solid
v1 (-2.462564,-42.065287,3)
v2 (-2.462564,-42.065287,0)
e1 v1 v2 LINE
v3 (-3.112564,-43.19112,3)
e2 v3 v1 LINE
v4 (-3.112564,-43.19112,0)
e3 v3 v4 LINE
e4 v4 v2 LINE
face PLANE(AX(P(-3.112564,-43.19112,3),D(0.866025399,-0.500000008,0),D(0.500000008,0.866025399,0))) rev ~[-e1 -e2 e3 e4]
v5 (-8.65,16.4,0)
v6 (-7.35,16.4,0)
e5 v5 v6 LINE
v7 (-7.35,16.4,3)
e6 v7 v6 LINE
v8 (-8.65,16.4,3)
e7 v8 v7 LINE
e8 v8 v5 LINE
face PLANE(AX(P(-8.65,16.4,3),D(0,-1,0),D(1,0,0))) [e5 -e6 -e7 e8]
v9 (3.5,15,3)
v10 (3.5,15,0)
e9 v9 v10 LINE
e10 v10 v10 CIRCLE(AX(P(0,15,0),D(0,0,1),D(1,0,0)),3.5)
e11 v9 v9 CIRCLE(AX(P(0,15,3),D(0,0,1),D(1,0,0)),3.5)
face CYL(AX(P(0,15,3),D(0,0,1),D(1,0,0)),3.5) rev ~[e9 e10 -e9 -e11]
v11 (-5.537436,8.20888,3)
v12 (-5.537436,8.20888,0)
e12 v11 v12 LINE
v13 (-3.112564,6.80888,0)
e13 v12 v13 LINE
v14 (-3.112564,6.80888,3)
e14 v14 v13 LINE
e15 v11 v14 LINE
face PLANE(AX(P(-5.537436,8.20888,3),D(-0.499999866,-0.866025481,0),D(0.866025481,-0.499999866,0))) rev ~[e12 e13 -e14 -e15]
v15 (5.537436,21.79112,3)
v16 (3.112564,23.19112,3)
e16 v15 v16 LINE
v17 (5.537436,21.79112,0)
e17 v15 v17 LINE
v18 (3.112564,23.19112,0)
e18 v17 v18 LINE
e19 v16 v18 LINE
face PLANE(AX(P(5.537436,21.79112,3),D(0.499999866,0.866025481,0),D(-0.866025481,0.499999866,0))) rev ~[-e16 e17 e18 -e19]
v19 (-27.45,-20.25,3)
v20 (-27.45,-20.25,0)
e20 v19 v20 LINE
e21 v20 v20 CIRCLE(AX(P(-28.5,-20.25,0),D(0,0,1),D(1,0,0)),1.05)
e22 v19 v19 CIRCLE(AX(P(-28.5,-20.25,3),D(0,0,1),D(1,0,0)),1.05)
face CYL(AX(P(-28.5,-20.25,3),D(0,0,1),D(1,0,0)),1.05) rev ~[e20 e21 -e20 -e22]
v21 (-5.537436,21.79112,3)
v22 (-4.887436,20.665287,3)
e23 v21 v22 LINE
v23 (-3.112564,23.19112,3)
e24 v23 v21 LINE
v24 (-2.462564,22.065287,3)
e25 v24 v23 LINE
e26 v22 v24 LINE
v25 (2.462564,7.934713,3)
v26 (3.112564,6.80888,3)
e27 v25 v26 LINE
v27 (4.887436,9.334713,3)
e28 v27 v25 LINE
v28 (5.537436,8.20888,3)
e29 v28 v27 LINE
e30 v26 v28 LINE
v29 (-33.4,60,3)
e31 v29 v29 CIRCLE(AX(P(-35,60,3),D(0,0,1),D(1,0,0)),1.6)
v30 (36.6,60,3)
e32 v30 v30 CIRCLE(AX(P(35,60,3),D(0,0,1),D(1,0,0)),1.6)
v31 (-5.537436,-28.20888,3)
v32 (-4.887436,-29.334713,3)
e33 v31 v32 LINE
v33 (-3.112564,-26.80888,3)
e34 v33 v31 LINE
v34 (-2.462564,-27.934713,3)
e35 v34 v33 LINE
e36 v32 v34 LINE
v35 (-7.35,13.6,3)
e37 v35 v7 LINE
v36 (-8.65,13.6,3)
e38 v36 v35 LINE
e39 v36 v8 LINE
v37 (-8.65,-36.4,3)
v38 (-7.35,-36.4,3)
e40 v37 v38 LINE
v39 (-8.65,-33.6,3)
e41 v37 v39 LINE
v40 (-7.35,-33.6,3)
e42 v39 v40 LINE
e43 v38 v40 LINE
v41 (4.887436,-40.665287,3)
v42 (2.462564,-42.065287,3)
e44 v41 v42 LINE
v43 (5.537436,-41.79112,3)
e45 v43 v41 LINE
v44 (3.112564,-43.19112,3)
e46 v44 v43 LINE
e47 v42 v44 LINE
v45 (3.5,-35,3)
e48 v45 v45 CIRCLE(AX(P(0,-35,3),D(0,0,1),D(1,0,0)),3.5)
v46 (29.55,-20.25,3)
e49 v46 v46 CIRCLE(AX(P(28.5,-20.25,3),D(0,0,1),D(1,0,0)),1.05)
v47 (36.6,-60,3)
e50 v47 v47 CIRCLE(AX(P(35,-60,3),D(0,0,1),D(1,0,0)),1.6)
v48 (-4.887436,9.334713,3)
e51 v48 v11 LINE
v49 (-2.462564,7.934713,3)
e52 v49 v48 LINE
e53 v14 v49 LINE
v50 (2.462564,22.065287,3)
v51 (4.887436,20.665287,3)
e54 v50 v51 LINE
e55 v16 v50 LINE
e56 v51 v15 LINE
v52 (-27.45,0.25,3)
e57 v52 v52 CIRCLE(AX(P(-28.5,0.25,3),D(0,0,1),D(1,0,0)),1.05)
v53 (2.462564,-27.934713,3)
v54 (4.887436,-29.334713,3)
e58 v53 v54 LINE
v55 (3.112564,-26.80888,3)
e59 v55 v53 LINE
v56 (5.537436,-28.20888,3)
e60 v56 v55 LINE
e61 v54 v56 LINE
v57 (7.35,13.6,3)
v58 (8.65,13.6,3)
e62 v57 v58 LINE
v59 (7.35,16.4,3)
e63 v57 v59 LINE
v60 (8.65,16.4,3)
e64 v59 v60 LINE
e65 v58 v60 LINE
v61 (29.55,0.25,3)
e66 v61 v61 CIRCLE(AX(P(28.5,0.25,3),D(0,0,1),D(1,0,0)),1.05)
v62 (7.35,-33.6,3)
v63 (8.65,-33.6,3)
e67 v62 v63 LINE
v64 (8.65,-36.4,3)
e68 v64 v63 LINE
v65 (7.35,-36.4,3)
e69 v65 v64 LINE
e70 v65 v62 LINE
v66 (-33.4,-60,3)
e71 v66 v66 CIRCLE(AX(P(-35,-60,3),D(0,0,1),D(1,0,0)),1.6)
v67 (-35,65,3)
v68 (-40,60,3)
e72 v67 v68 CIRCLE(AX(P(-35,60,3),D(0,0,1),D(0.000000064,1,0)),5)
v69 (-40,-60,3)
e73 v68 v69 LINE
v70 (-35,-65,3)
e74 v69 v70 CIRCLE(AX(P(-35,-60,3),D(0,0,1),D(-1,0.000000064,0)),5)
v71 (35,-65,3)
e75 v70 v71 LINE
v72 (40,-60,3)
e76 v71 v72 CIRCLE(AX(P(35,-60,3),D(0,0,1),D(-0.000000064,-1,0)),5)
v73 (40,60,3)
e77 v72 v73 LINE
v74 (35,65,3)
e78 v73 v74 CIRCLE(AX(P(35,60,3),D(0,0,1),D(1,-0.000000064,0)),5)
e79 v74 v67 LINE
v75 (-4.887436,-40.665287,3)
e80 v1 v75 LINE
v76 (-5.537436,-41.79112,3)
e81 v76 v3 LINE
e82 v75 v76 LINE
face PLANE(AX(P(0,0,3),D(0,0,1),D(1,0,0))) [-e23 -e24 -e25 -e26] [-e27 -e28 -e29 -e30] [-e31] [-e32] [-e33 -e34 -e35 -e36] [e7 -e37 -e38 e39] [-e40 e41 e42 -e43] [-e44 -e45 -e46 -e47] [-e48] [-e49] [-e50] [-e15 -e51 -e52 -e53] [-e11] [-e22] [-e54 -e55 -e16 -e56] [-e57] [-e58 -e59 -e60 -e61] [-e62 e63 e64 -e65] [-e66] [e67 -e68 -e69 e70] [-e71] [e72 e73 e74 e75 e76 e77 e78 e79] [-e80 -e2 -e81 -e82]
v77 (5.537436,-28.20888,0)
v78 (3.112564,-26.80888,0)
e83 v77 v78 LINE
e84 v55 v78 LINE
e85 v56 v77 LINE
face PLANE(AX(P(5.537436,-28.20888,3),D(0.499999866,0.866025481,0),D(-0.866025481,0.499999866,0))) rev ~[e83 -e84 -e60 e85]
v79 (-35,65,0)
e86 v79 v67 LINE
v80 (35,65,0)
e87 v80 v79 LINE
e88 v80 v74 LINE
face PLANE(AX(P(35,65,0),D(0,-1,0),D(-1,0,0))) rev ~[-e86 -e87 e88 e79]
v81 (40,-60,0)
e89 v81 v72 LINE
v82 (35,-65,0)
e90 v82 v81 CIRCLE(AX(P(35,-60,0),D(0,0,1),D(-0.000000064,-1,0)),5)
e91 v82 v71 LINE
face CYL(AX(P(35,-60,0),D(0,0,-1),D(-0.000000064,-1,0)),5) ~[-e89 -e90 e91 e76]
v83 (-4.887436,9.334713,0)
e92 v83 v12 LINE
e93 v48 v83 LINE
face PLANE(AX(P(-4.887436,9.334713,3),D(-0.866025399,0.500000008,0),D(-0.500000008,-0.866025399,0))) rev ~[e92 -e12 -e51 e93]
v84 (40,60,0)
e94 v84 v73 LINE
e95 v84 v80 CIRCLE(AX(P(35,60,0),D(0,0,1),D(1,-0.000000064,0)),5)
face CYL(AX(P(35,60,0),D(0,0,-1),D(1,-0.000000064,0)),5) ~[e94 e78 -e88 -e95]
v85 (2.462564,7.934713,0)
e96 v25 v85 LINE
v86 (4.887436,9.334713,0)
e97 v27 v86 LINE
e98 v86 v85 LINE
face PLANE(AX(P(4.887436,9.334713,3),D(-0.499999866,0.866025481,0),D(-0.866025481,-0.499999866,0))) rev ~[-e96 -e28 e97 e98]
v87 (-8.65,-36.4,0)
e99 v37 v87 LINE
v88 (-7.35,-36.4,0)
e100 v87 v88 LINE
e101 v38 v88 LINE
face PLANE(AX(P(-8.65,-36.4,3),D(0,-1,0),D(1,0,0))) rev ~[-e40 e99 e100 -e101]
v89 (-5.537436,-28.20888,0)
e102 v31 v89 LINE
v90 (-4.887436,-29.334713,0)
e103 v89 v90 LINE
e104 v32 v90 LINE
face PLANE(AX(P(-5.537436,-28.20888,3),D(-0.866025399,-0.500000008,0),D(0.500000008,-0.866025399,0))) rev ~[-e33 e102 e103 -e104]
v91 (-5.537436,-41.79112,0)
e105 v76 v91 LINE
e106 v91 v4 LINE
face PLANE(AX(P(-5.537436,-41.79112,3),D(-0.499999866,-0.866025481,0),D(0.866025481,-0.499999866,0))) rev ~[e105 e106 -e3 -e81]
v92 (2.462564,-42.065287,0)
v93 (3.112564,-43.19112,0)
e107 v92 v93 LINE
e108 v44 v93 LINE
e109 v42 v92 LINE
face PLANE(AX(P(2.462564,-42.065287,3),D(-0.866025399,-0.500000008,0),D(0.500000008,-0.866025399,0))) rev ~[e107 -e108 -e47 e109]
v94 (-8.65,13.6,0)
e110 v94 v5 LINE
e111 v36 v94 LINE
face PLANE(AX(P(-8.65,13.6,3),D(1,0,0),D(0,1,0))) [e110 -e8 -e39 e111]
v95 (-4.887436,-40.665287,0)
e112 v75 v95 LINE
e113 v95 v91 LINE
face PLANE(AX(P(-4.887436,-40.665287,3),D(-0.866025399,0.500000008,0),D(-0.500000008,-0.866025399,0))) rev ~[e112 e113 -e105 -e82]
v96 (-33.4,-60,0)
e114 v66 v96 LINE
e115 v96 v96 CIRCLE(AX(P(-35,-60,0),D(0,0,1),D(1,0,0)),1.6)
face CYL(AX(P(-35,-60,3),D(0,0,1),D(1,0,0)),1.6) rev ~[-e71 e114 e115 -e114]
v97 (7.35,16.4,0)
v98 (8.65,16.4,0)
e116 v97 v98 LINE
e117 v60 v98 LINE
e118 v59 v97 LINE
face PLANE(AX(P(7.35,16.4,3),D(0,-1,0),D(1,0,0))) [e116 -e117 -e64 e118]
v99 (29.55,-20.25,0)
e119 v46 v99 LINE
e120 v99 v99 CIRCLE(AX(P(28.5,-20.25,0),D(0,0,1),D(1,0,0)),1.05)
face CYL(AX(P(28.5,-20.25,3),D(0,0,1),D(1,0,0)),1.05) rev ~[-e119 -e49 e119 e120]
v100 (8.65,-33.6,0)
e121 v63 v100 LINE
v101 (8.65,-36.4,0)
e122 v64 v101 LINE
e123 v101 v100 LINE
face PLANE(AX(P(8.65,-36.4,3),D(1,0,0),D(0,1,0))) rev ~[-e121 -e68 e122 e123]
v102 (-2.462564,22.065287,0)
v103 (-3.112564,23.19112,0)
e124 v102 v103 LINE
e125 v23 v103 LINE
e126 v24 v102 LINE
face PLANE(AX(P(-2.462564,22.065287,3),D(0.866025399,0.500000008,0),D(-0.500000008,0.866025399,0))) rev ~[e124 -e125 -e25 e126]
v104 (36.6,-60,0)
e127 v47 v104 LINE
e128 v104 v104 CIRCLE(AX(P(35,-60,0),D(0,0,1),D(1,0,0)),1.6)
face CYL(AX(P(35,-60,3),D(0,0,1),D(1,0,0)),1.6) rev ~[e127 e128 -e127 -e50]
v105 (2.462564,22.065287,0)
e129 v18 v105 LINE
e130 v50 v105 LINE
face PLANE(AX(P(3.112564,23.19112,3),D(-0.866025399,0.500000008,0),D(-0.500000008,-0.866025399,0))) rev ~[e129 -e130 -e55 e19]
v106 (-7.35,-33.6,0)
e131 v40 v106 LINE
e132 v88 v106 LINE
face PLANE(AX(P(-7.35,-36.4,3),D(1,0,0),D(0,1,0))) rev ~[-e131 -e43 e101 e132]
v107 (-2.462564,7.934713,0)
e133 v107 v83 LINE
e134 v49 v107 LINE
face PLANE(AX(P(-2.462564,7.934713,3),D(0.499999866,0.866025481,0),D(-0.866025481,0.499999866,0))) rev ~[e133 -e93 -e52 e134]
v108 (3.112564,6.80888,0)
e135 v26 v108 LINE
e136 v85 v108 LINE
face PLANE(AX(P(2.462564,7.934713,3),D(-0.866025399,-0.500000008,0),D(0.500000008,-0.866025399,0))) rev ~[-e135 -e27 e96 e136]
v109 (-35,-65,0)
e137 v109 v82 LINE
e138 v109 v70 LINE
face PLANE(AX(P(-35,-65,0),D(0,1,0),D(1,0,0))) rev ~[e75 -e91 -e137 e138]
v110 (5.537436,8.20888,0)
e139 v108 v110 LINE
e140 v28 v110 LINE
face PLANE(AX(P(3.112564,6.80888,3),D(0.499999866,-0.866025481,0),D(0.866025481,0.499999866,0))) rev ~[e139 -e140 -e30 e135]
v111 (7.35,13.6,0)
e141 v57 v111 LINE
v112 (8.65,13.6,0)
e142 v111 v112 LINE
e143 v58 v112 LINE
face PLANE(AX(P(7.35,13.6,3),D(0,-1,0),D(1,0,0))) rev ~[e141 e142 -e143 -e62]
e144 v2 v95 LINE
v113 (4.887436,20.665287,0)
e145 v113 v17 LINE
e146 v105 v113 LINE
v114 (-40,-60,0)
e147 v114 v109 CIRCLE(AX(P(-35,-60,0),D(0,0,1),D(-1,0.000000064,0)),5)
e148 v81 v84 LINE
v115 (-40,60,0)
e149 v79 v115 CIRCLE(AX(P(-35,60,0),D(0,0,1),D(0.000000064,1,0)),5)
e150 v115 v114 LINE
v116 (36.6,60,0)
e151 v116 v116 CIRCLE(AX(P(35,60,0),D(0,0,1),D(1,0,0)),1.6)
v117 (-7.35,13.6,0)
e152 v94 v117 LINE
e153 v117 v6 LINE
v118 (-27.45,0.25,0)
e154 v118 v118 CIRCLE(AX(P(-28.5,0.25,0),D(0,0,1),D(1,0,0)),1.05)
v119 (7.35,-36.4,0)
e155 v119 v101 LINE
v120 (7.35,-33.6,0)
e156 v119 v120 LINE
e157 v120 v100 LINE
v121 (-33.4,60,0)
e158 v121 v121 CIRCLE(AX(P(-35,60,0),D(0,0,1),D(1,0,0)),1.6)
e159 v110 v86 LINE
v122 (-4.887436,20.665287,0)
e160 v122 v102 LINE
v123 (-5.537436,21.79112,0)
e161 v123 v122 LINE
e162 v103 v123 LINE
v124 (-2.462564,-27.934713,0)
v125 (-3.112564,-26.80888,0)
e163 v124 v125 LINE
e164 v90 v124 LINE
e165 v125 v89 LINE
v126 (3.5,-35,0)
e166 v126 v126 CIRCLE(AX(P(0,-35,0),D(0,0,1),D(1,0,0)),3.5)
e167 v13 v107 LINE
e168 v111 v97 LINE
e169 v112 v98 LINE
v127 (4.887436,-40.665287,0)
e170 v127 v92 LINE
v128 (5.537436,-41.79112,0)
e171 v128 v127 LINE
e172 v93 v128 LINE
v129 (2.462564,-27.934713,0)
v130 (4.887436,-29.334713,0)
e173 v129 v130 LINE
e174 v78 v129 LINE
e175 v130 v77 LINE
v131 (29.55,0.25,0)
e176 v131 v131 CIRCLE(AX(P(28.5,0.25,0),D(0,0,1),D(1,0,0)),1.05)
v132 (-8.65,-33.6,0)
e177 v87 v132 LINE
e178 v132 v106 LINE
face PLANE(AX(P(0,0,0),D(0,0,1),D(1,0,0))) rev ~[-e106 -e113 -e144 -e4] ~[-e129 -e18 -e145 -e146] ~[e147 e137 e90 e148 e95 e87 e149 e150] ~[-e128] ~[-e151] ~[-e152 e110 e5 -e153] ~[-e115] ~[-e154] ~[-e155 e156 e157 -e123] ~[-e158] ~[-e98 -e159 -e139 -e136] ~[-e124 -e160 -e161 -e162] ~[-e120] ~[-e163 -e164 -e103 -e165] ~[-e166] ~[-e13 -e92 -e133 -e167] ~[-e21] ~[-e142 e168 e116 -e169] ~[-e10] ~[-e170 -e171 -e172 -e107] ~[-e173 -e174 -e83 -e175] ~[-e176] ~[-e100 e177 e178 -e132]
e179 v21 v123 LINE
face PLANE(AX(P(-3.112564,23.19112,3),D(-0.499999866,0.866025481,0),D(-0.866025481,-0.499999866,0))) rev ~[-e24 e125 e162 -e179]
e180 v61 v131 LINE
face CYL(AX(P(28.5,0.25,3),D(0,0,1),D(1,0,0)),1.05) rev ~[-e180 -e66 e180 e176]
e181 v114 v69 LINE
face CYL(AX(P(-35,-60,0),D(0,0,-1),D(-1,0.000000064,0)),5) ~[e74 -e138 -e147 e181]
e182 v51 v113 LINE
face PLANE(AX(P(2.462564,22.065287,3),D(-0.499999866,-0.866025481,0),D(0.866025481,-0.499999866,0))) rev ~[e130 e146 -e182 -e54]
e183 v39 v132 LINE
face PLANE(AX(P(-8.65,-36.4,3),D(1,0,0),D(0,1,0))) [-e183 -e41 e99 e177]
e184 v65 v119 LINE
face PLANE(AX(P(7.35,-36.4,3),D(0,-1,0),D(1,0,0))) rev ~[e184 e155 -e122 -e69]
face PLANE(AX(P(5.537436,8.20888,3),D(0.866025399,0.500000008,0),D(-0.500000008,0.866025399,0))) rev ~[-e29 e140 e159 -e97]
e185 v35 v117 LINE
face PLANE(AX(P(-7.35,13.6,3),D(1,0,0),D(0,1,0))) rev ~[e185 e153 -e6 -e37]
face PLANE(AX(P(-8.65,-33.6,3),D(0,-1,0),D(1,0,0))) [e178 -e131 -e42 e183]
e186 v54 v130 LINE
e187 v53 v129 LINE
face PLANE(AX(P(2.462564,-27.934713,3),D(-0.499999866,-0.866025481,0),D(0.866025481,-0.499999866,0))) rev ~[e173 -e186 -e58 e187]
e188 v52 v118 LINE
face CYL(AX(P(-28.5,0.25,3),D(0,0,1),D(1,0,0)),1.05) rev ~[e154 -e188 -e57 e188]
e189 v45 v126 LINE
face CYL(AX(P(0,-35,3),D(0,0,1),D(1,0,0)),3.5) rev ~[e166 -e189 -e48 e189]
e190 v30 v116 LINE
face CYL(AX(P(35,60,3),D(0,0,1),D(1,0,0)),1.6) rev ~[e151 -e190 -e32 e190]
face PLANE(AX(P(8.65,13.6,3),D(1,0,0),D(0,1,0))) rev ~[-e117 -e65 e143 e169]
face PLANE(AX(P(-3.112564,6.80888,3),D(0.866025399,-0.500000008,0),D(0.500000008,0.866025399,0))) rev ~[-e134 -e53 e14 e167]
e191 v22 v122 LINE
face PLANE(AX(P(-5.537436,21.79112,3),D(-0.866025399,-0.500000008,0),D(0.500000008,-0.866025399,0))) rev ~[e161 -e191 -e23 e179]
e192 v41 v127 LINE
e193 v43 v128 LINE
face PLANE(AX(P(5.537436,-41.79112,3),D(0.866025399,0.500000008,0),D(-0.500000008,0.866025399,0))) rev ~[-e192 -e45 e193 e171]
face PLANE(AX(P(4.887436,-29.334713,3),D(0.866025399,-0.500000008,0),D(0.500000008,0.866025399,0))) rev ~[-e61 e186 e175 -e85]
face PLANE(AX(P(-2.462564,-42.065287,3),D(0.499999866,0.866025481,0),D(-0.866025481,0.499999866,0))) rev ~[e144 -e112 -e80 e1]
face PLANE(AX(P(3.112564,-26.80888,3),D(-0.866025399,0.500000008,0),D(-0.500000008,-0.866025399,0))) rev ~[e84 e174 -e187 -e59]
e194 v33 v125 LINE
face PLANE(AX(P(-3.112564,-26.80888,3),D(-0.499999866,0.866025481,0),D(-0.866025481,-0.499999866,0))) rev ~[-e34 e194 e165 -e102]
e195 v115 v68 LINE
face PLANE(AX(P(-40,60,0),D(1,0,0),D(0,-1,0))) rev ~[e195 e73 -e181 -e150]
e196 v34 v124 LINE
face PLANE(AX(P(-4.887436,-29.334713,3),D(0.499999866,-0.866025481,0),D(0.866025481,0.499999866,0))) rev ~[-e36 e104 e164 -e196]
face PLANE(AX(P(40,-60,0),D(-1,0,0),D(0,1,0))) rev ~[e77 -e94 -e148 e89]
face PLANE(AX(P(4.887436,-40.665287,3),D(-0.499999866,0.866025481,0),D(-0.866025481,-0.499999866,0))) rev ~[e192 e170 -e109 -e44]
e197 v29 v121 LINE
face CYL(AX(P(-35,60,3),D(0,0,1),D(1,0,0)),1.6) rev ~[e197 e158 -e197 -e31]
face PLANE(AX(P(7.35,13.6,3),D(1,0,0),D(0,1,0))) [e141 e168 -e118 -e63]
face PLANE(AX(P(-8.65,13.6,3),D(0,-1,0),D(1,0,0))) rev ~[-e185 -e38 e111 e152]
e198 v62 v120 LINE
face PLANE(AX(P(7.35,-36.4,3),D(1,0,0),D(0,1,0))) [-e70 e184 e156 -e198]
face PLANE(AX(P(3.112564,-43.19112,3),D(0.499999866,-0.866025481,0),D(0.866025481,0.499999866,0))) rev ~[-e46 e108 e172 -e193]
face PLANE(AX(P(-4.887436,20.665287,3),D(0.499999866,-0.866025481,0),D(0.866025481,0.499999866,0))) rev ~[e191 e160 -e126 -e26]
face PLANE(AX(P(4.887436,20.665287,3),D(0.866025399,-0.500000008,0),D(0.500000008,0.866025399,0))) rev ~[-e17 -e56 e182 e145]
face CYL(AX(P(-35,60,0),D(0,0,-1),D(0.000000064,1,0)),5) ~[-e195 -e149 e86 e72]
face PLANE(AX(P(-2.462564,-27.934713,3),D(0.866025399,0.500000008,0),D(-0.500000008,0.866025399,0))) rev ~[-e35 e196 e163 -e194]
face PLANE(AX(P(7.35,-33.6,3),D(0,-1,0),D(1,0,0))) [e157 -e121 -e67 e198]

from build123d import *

# Parameters (mm, degrees)
F1_DEPTH = 3
F2_R     = 3.5
F2_W     = 1.3
F2_H     = 2.8
F3_DEPTH = 3.001
F4_R     = 1.05
F4_R_2   = 1.6
F5_DEPTH = 3.001


with BuildPart() as f1:
    # F0 (on Top) → F1 (new body)
    with BuildSketch(Plane.XY):
        with BuildLine():
            Line((35, 65), (-35, 65))
            ThreePointArc((-35, 65), (-38.535534, 63.535534), (-40, 60))
            Line((-40, 60), (-40, -60))
            ThreePointArc((-40, -60), (-38.535534, -63.535534), (-35, -65))
            Line((-35, -65), (35, -65))
            ThreePointArc((35, -65), (38.535534, -63.535534), (40, -60))
            Line((40, -60), (40, 60))
            ThreePointArc((40, 60), (38.535534, 63.535534), (35, 65))
        make_face()
    extrude(amount=F1_DEPTH)

    # F2 (on face) → F3 (cut, through all)
    with BuildSketch(Plane.XY.offset(3)):
        with Locations((0, 15)):
            Circle(F2_R)
        with Locations((0, -35)):
            Circle(F2_R)
        with Locations((-8, 15)):
            Rectangle(F2_W, F2_H)
        Polygon((-2.462564, 22.065287), (-3.112564, 23.19112), (-5.537436, 21.79112), (-4.887436, 20.665287), align=None)
        Polygon((4.887436, 20.665287), (5.537436, 21.79112), (3.112564, 23.19112), (2.462564, 22.065287), align=None)
        with Locations((8, 15)):
            Rectangle(F2_W, F2_H)
        Polygon((2.462564, 7.934713), (3.112564, 6.80888), (5.537436, 8.20888), (4.887436, 9.334713), align=None)
        Polygon((-4.887436, 9.334713), (-5.537436, 8.20888), (-3.112564, 6.80888), (-2.462564, 7.934713), align=None)
        with Locations((-8, -35)):
            Rectangle(F2_W, F2_H)
        Polygon((-4.887436, -40.665287), (-5.537436, -41.79112), (-3.112564, -43.19112), (-2.462564, -42.065287), align=None)
        Polygon((2.462564, -42.065287), (3.112564, -43.19112), (5.537436, -41.79112), (4.887436, -40.665287), align=None)
        with Locations((8, -35)):
            Rectangle(F2_W, F2_H)
        Polygon((4.887436, -29.334713), (5.537436, -28.20888), (3.112564, -26.80888), (2.462564, -27.934713), align=None)
        Polygon((-2.462564, -27.934713), (-3.112564, -26.80888), (-5.537436, -28.20888), (-4.887436, -29.334713), align=None)
    extrude(amount=-F3_DEPTH, mode=Mode.SUBTRACT)

    # F4 (on face) → F5 (cut, through all)
    with BuildSketch(Plane.XY.offset(3)):
        with Locations((-28.5, 0.25)):
            Circle(F4_R)
        with Locations((28.5, 0.25)):
            Circle(F4_R)
        with Locations((28.5, -20.25)):
            Circle(F4_R)
        with Locations((-28.5, -20.25)):
            Circle(F4_R)
        with Locations((-35, 60)):
            Circle(F4_R_2)
        with Locations((35, 60)):
            Circle(F4_R_2)
        with Locations((35, -60)):
            Circle(F4_R_2)
        with Locations((-35, -60)):
            Circle(F4_R_2)
    extrude(amount=-F5_DEPTH, mode=Mode.SUBTRACT)


solid = f1.part
